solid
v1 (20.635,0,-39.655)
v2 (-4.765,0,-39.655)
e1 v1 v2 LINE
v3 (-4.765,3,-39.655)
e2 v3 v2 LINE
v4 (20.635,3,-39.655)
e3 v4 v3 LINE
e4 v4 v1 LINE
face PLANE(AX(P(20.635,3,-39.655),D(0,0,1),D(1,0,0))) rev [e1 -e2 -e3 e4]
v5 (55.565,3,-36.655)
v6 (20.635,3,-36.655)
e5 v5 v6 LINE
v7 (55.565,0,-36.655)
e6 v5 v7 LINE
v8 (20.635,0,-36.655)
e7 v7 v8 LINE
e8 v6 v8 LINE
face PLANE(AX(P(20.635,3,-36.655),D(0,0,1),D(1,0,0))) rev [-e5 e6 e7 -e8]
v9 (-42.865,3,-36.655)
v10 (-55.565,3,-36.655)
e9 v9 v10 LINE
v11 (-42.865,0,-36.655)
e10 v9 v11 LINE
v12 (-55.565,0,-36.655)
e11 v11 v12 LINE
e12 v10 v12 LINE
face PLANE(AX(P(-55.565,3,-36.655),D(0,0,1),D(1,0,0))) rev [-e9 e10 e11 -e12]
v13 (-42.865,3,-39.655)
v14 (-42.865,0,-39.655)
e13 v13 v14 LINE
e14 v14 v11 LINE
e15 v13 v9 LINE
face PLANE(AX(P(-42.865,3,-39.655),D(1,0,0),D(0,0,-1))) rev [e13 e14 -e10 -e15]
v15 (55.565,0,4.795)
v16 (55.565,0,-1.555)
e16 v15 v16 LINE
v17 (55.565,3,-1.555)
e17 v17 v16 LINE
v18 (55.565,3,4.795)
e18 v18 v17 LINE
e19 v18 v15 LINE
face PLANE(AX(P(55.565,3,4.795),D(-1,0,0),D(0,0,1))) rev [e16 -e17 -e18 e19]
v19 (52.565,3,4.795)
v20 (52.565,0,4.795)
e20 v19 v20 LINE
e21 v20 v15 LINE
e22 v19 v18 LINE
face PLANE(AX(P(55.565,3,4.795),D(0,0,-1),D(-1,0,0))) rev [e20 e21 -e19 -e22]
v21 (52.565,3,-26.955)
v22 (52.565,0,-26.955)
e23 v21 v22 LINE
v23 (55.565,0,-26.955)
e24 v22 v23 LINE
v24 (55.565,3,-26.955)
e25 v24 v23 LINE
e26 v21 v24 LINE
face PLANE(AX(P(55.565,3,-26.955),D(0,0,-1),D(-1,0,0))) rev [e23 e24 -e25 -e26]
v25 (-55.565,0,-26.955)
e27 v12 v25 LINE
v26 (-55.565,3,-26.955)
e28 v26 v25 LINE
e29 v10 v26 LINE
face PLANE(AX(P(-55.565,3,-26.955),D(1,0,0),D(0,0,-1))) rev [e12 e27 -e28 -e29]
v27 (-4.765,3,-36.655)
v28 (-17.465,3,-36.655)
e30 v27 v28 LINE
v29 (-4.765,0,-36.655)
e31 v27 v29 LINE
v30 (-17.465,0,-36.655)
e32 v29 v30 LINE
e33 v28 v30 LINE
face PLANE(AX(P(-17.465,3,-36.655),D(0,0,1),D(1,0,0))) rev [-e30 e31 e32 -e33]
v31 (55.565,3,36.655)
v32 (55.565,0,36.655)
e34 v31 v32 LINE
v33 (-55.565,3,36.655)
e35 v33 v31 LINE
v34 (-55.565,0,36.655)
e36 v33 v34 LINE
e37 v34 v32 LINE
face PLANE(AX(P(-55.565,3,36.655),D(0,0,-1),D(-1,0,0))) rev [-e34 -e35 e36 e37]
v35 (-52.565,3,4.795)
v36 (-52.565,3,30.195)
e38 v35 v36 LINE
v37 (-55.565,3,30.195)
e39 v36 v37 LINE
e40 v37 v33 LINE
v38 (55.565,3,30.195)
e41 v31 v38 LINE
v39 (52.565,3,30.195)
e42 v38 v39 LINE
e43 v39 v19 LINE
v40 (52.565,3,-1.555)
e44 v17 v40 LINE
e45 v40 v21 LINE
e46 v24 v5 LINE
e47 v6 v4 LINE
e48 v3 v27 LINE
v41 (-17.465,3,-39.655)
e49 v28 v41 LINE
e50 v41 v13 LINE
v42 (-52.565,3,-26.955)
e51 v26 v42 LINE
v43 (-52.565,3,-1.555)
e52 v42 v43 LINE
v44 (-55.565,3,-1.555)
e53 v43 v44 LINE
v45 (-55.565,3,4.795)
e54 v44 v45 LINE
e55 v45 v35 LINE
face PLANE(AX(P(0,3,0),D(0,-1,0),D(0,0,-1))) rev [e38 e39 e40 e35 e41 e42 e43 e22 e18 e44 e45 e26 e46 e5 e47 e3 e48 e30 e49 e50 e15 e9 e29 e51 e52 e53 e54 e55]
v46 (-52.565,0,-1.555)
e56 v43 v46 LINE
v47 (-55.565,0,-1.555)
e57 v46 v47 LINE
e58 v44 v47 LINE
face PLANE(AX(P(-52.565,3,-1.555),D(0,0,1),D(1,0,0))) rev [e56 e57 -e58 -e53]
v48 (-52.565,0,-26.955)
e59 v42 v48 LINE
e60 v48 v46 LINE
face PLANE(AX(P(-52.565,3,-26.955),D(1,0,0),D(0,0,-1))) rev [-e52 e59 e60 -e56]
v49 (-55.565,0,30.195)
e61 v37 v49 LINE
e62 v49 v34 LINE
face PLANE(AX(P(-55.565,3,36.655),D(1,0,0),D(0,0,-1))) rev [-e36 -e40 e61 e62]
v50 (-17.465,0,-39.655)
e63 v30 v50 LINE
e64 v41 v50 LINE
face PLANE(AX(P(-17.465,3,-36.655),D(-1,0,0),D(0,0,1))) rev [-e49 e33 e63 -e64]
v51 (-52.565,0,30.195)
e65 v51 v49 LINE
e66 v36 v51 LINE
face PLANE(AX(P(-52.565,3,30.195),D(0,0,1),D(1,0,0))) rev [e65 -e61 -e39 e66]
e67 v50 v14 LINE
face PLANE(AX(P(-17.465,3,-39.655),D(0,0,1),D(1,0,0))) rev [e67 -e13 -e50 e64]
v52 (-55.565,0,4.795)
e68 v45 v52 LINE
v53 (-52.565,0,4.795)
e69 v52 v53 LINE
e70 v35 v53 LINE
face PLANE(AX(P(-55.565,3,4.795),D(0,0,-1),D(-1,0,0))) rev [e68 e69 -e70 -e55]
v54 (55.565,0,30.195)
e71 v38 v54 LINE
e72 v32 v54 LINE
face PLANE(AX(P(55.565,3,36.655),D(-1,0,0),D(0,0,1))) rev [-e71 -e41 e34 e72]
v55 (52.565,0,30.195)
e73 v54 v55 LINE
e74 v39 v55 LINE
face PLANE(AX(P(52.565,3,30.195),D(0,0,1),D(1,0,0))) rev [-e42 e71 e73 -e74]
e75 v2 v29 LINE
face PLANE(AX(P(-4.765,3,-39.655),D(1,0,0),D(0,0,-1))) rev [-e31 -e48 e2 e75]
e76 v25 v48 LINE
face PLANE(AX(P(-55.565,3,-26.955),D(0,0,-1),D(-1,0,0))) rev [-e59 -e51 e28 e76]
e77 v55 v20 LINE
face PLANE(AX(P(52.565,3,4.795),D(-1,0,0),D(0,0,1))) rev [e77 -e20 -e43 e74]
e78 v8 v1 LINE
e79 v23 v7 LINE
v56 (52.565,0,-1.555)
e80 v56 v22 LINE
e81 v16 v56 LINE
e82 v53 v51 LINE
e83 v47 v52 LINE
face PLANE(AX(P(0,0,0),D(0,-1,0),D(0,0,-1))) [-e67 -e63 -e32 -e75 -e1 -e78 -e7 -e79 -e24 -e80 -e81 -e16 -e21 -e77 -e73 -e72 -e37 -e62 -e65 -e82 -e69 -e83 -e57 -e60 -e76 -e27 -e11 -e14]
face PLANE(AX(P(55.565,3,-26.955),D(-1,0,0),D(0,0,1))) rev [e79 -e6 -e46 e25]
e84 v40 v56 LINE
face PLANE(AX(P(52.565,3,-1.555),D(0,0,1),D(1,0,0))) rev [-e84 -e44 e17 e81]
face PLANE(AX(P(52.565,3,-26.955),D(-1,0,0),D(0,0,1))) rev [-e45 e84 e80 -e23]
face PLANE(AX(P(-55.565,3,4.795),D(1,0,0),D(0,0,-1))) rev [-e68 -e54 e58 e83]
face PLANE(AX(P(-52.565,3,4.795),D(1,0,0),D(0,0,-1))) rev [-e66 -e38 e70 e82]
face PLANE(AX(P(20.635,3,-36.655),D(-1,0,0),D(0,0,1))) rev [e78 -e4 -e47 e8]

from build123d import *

# Parameters (mm, degrees)
BOSS_EXTRUDE1_DEPTH = 3


with BuildPart() as part:
    # Sketch1 → Boss-Extrude1 (new body)
    with BuildSketch(Plane(origin=(0, 0, 0), x_dir=(1, 0, 0), z_dir=(0, 1, 0))):
        Polygon((20.635, 36.655), (20.635, 39.655), (-4.765, 39.655), (-4.765, 36.655), (-17.465, 36.655), (-17.465, 39.655), (-42.865, 39.655), (-42.865, 36.655), (-55.565, 36.655), (-55.565, 26.955), (-52.565, 26.955), (-52.565, 1.555), (-55.565, 1.555), (-55.565, -4.795), (-52.565, -4.795), (-52.565, -30.195), (-55.565, -30.195), (-55.565, -36.655), (55.565, -36.655), (55.565, -30.195), (52.565, -30.195), (52.565, -4.795), (55.565, -4.795), (55.565, 1.555), (52.565, 1.555), (52.565, 26.955), (55.565, 26.955), (55.565, 36.655), align=None)
    extrude(amount=BOSS_EXTRUDE1_DEPTH)


solid = part.part
